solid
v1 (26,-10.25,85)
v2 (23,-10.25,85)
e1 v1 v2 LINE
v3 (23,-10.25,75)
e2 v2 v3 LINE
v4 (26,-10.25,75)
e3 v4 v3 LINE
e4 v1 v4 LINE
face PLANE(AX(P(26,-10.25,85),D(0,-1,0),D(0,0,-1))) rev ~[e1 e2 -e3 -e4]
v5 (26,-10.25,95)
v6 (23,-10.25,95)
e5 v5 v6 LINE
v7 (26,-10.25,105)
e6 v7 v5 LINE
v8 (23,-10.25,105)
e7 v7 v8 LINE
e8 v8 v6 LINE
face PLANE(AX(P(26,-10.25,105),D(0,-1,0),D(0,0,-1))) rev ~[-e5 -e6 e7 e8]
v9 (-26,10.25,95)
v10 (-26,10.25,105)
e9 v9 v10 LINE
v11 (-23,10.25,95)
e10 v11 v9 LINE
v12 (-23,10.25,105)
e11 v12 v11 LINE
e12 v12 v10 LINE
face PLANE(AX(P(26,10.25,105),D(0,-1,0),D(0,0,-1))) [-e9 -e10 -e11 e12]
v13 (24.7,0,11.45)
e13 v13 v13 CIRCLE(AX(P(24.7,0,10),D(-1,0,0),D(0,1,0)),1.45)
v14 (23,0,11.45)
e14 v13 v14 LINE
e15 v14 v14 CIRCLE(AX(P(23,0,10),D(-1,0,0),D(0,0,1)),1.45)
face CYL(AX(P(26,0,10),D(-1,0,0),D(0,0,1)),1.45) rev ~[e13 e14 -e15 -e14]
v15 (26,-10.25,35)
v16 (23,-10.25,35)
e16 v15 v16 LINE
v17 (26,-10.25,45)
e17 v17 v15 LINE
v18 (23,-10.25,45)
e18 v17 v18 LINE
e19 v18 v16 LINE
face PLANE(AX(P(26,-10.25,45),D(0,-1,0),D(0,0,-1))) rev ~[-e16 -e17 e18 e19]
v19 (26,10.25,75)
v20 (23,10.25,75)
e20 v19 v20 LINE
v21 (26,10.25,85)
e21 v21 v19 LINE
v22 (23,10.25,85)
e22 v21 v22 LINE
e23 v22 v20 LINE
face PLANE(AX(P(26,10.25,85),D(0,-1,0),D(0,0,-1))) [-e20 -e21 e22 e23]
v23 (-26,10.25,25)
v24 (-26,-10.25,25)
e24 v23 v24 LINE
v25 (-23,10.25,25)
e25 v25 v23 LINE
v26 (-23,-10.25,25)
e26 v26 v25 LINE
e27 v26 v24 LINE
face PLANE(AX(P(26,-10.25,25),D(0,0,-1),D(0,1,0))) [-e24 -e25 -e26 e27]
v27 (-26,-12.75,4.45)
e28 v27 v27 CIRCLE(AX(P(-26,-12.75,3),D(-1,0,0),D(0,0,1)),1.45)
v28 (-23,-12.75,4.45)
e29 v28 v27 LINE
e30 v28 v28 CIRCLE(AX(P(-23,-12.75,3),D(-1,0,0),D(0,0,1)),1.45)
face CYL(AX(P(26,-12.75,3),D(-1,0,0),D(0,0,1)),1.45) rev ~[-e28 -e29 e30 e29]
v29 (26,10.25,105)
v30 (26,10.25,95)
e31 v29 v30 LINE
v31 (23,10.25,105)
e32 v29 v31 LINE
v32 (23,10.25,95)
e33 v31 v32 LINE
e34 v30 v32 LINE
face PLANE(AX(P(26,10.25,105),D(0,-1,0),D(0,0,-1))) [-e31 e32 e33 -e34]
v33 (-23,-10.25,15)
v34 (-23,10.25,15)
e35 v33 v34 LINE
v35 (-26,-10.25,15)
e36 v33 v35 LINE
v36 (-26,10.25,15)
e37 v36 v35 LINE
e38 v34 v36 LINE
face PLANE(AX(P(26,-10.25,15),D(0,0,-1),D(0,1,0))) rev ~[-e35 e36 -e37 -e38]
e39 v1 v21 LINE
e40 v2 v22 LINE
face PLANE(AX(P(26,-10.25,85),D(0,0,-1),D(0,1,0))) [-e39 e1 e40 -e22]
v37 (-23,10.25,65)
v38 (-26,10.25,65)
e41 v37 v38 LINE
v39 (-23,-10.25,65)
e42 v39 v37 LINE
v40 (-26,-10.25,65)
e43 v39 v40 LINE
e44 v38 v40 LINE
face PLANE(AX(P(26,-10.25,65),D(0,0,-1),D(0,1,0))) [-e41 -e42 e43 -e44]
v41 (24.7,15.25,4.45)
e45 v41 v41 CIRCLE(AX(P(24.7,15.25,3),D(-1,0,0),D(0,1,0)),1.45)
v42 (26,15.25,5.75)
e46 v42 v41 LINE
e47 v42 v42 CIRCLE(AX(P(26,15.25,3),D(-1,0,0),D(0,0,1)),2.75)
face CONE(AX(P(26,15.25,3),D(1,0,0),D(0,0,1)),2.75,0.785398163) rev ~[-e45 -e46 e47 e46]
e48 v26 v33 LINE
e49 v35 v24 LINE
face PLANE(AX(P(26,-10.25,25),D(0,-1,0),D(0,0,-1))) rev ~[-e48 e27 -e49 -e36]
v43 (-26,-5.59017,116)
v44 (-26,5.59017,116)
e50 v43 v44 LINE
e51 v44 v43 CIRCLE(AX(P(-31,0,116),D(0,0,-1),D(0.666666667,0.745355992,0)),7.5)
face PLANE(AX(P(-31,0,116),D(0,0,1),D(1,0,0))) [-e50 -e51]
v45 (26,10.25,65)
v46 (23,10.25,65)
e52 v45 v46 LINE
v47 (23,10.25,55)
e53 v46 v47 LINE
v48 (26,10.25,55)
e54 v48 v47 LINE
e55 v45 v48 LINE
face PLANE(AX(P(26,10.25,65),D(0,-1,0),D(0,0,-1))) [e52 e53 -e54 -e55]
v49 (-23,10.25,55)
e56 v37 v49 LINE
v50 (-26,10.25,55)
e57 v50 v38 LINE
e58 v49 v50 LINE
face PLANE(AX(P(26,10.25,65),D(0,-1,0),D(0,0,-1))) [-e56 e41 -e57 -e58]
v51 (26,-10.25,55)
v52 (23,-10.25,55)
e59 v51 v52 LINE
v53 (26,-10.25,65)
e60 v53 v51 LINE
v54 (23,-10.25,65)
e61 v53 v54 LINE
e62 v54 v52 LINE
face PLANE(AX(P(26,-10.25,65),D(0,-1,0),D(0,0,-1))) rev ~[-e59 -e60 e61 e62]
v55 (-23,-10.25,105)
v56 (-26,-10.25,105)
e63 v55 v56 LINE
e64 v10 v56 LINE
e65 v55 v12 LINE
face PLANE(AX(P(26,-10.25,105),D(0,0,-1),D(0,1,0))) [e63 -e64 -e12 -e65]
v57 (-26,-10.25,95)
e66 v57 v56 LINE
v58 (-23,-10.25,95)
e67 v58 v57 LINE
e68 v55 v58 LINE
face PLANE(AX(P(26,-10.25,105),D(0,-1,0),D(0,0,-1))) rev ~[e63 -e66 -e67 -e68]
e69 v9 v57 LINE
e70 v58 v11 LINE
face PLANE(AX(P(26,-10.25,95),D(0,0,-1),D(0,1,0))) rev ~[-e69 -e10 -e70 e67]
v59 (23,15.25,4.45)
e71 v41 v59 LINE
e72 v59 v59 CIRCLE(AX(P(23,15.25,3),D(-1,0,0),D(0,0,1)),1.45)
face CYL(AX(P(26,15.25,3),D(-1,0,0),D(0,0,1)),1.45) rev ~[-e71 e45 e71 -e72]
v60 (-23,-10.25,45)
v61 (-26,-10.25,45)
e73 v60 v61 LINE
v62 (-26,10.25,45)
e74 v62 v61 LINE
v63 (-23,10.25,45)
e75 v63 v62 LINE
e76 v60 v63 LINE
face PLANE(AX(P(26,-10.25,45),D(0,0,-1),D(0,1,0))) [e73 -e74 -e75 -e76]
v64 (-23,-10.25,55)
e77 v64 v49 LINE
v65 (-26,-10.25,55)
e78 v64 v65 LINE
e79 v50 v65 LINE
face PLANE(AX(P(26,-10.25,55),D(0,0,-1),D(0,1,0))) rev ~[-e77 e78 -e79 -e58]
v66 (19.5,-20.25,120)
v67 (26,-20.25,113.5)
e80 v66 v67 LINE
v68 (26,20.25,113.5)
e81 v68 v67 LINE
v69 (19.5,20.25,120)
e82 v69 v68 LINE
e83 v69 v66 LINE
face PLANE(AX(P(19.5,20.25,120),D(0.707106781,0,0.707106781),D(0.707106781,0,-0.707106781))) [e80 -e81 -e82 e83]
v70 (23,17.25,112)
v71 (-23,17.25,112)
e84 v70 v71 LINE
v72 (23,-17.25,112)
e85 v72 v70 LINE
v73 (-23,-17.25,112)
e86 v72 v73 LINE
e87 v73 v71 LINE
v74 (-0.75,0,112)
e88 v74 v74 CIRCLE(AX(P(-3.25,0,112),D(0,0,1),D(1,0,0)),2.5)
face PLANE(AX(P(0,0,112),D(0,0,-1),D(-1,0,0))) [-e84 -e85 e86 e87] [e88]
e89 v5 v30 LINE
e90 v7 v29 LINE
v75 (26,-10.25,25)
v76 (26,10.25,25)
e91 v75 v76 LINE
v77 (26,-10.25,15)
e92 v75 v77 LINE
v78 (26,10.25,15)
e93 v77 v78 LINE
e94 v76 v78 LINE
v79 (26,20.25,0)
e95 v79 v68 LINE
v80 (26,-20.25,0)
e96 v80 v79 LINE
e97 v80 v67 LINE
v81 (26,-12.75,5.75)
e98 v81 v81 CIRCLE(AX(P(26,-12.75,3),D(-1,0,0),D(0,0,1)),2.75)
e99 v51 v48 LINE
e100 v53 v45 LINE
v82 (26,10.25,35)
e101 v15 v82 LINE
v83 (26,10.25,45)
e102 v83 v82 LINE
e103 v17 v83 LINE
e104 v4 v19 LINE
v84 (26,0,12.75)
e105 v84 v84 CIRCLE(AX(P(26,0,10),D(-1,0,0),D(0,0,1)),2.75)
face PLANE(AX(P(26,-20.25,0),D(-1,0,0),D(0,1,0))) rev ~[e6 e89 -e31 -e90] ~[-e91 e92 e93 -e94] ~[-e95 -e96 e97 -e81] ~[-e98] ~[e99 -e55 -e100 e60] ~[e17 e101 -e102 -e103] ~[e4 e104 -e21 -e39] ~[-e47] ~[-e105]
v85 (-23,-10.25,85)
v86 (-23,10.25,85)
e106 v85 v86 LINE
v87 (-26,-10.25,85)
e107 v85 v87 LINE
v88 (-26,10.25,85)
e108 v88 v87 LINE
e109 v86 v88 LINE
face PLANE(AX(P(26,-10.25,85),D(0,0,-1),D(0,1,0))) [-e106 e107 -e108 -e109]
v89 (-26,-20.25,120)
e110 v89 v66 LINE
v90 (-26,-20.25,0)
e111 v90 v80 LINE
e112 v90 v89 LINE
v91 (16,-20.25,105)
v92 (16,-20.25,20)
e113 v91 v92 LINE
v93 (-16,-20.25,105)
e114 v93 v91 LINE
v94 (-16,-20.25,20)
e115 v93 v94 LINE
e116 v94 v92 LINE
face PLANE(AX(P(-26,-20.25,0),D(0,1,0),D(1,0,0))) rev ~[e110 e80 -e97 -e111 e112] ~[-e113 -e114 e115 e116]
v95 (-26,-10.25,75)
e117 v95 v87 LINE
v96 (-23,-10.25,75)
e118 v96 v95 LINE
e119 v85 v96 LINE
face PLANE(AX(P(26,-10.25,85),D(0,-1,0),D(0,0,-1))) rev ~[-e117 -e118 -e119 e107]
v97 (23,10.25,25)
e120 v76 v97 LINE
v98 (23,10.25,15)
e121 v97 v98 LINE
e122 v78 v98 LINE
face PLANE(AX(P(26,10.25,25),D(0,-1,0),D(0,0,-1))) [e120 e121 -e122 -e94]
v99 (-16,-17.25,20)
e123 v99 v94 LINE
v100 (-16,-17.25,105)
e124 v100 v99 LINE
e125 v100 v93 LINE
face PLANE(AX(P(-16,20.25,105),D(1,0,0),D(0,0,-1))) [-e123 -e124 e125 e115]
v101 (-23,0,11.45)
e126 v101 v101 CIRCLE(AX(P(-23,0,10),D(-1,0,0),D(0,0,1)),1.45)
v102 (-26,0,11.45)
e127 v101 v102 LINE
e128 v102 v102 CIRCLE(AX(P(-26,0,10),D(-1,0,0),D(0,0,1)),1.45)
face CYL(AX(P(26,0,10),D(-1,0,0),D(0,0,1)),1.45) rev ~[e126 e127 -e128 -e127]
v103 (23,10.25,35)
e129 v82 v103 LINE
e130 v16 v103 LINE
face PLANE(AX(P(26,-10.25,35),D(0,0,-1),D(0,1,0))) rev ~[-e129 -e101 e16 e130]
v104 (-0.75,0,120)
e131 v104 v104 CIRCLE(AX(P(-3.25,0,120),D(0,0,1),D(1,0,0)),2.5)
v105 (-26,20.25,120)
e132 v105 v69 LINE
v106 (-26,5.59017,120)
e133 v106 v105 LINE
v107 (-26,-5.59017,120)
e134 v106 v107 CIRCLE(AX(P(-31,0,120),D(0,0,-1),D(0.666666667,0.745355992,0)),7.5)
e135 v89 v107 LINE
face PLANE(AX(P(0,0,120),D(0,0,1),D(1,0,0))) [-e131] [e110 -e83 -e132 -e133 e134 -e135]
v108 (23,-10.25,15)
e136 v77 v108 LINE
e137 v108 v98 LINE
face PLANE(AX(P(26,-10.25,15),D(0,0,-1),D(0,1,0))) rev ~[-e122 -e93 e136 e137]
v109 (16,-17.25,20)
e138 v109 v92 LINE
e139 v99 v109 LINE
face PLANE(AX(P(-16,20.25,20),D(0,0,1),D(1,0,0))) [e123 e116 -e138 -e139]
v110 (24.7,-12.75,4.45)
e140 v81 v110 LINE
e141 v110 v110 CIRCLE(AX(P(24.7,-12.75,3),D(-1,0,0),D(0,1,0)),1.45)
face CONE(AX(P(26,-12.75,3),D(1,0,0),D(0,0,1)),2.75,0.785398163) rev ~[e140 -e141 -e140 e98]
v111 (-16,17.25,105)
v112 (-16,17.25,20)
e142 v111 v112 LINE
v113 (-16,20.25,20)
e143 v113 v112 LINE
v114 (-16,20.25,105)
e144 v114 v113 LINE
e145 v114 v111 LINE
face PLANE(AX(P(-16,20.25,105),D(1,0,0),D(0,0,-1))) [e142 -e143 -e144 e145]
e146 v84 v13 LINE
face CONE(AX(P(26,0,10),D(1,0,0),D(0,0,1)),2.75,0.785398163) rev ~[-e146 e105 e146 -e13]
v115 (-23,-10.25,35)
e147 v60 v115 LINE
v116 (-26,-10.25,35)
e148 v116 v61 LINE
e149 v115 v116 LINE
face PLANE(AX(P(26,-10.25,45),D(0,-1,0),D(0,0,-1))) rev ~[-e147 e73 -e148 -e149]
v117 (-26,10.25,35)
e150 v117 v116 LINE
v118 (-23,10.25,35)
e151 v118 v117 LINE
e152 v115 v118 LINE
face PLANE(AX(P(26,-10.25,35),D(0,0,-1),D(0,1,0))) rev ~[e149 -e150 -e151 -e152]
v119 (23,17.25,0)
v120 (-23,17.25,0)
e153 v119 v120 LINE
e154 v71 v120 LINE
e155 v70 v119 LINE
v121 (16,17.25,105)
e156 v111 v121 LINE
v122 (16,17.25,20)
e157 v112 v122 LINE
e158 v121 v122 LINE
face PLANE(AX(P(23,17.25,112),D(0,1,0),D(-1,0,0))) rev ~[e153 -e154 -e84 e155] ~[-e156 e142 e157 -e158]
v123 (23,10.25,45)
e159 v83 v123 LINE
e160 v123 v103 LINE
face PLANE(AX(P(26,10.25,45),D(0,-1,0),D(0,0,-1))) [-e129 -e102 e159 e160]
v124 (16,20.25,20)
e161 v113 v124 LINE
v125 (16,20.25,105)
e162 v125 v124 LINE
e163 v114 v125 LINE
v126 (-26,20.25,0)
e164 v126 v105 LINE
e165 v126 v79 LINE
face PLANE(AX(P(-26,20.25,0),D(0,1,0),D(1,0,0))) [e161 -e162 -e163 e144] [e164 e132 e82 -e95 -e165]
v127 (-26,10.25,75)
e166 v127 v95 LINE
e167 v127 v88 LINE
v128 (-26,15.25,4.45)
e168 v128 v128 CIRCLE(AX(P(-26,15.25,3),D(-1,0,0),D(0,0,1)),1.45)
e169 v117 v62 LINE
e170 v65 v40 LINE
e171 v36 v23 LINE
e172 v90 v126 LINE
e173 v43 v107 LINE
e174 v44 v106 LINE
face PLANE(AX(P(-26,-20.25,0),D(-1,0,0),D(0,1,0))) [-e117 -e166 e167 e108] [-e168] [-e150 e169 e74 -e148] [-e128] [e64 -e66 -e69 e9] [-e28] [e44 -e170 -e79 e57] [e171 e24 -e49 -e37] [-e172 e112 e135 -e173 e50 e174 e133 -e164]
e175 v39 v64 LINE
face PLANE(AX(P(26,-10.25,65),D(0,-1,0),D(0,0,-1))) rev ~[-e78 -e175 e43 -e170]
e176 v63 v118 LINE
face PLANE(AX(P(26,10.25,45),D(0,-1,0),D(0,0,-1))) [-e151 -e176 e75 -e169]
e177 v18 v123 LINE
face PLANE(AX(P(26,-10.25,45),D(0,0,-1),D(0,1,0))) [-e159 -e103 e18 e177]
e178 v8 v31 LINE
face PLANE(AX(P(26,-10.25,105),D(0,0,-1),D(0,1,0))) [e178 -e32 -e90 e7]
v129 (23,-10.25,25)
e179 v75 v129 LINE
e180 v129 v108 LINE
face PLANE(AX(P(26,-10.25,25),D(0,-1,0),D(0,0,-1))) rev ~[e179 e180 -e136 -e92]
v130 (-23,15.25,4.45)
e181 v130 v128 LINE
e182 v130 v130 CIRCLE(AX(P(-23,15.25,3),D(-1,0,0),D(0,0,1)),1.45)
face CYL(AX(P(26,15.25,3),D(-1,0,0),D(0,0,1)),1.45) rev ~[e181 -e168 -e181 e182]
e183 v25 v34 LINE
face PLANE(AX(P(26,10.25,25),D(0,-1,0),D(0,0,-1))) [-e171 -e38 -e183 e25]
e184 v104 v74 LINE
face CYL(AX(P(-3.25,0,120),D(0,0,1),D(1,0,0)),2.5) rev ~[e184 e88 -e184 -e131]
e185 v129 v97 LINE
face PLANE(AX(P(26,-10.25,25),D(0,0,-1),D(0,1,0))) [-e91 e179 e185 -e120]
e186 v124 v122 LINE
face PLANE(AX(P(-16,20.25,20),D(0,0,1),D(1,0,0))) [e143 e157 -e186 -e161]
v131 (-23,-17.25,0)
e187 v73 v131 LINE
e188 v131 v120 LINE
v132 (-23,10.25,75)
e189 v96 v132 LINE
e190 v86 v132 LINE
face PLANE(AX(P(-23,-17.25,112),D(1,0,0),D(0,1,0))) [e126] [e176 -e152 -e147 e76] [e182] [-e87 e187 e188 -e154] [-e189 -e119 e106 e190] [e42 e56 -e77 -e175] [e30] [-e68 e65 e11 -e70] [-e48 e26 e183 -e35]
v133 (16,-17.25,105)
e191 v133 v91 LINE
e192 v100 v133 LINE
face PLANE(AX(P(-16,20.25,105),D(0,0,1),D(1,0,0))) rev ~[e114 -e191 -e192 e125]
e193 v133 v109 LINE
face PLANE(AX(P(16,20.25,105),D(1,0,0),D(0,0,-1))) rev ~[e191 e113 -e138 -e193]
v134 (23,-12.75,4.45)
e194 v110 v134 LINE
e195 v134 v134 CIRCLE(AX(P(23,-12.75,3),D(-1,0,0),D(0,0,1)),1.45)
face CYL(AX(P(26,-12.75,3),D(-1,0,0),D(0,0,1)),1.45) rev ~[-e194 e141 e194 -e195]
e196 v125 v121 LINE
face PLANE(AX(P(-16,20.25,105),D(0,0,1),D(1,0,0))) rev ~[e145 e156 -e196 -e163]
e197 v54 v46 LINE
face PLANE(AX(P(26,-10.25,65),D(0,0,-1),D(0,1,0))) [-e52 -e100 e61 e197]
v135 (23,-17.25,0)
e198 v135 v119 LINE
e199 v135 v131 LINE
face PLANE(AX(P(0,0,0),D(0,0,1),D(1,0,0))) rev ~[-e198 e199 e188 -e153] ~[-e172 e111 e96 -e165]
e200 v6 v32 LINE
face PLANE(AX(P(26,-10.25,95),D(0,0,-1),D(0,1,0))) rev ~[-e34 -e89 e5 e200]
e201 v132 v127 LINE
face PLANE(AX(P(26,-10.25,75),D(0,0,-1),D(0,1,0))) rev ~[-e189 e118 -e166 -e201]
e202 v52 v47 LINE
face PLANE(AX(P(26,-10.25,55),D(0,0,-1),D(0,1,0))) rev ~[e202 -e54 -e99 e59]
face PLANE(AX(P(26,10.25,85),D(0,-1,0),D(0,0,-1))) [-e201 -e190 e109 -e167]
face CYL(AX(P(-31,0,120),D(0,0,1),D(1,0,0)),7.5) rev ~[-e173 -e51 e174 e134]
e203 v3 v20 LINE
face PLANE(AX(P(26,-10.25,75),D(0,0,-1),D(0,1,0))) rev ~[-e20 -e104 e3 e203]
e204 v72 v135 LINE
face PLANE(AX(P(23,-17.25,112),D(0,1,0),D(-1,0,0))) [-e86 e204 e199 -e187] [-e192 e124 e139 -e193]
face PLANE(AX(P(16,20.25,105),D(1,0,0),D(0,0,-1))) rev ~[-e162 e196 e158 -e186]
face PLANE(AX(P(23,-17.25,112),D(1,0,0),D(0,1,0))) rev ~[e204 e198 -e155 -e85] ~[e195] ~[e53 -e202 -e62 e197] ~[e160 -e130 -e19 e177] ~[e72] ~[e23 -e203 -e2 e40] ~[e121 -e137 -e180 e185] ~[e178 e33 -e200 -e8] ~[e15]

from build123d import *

# Parameters (mm, degrees)
MAIN_SKETCH_W                                    = 52
MAIN_SKETCH_H                                    = 40.5
MAIN_EXTRUSION_DEPTH                             = 120
MAIN_HOLE_START                                  = -112
MAIN_HOLE_SKETCH_W                               = 46
MAIN_HOLE_SKETCH_H                               = 34.5
MAIN_HOLE_DEPTH                                  = 112
FRAISAGE_POUR_VIS_T_TE_FRAIS_E_M2_51_D           = 2.9
FRAISAGE_POUR_VIS_T_TE_FRAIS_E_M2_51_CSINK_D     = 5.5
FRAISAGE_POUR_VIS_T_TE_FRAIS_E_M2_51_CSINK_ANGLE = 90
ESQUISSE6_W                                      = 10
ESQUISSE6_H                                      = 20.5
ENL_V_MAT_EXTRU_3_DEPTH                          = 133.340706134
ESQUISSE7_W                                      = 32
ESQUISSE7_H                                      = 85
ENL_V_MAT_EXTRU_4_DEPTH                          = 130.291337684
R_P_TITION_LIN_AIRE1_COUNT                       = 5
R_P_TITION_LIN_AIRE1_PITCH                       = 20
ENL_V_MAT_EXTRU_5_DEPTH                          = 130.291337684
ESQUISSE10_R                                     = 7.5
ENL_V_MAT_EXTRU_7_DEPTH                          = 4
FRAISAGE_POUR_VIS_T_TE_FRAIS_E_M2_52_D           = 2.9
FRAISAGE_POUR_VIS_T_TE_FRAIS_E_M2_52_CSINK_D     = 5.5
FRAISAGE_POUR_VIS_T_TE_FRAIS_E_M2_52_CSINK_ANGLE = 90
R_P_TITION_LIN_AIRE3_COUNT                       = 2
R_P_TITION_LIN_AIRE3_PITCH                       = 28
ENL_V_MAT_EXTRU_8_REACH                          = 126.443
ESQUISSE13_R                                     = 2.5


with BuildPart() as part:
    # Main-Sketch → Main-Extrusion (new body)
    with BuildSketch(Plane.XY):
        Rectangle(MAIN_SKETCH_W, MAIN_SKETCH_H)
    extrude(amount=MAIN_EXTRUSION_DEPTH)

    # Main-Hole-Sketch → Main-Hole (cut)
    with BuildSketch(Plane(origin=(0, 0, 0), x_dir=(-1, 0, 0), z_dir=(0, 0, -1)).offset(MAIN_HOLE_START)):
        Rectangle(MAIN_HOLE_SKETCH_W, MAIN_HOLE_SKETCH_H)
    extrude(amount=MAIN_HOLE_DEPTH, mode=Mode.SUBTRACT)

    # Fraisage pour vis à tête fraisée M2.51 (through all)
    with Locations(Plane(origin=(26, 0, 0), x_dir=(0, 0, -1), z_dir=(1, 0, 0))):
        with Locations((-10, 0)):
            CounterSinkHole(FRAISAGE_POUR_VIS_T_TE_FRAIS_E_M2_51_D / 2, FRAISAGE_POUR_VIS_T_TE_FRAIS_E_M2_51_CSINK_D / 2, counter_sink_angle=FRAISAGE_POUR_VIS_T_TE_FRAIS_E_M2_51_CSINK_ANGLE)

    # Esquisse6 → Enlèv. mat.-Extru.3 (cut, through all)
    with BuildSketch(Plane(origin=(26, 0, 0), x_dir=(0, 0, -1), z_dir=(1, 0, 0))):
        with Locations((-100, 0)):
            Rectangle(ESQUISSE6_W, ESQUISSE6_H)
    enl_v_mat_extru_3 = extrude(amount=-ENL_V_MAT_EXTRU_3_DEPTH, mode=Mode.SUBTRACT)

    # Esquisse7 → Enlèv. mat.-Extru.4 (cut, through all)
    with BuildSketch(Plane(origin=(0, 20.25, 0), x_dir=(1, 0, 0), z_dir=(0, 1, 0))):
        with Locations((0, -62.5)):
            Rectangle(ESQUISSE7_W, ESQUISSE7_H)
    extrude(amount=-ENL_V_MAT_EXTRU_4_DEPTH, mode=Mode.SUBTRACT)

    # Répétition linéaire1: Enlèv. mat.-Extru.3 ×5
    with Locations(*[(0, 0, -i * R_P_TITION_LIN_AIRE1_PITCH) for i in range(1, R_P_TITION_LIN_AIRE1_COUNT)]):
        add(enl_v_mat_extru_3, mode=Mode.SUBTRACT)

    # Esquisse8 → Enlèv. mat.-Extru.5 (cut, through all)
    with BuildSketch(Plane(origin=(0, 20.25, 0), x_dir=(-1, 0, 0), z_dir=(0, 1, 0))):
        Polygon((-19.5, 120), (-26, 113.5), (-26, 120), align=None)
    extrude(amount=-ENL_V_MAT_EXTRU_5_DEPTH, mode=Mode.SUBTRACT)

    # Esquisse10 → Enlèv. mat.-Extru.7 (cut)
    with BuildSketch(Plane.XY.offset(120)):
        with Locations((-31, 0)):
            Circle(ESQUISSE10_R)
    extrude(amount=-ENL_V_MAT_EXTRU_7_DEPTH, mode=Mode.SUBTRACT)

    # Fraisage pour vis à tête fraisée M2.52 (through all)
    with Locations(Plane(origin=(26, 0, 0), x_dir=(0, 0, -1), z_dir=(1, 0, 0))):
        with Locations((-3, 15.25)):
            fraisage_pour_vis_t_te_frais_e_m2_52 = CounterSinkHole(FRAISAGE_POUR_VIS_T_TE_FRAIS_E_M2_52_D / 2, FRAISAGE_POUR_VIS_T_TE_FRAIS_E_M2_52_CSINK_D / 2, counter_sink_angle=FRAISAGE_POUR_VIS_T_TE_FRAIS_E_M2_52_CSINK_ANGLE)

    # Répétition linéaire3: Fraisage pour vis à tête fraisée M2.52 ×2
    with Locations(*[(0, -i * R_P_TITION_LIN_AIRE3_PITCH, 0) for i in range(1, R_P_TITION_LIN_AIRE3_COUNT)]):
        add(fraisage_pour_vis_t_te_frais_e_m2_52, mode=Mode.SUBTRACT)

    # Esquisse13 → Enlèv. mat.-Extru.8 (cut, up to next)
    with BuildSketch(Plane.XY.offset(120), mode=Mode.PRIVATE) as enl_v_mat_extru_8_sk1:
        with Locations((-3.25, 0)):
            Circle(ESQUISSE13_R)
    enl_v_mat_extru_8_tool1 = extrude(enl_v_mat_extru_8_sk1.sketch, amount=-ENL_V_MAT_EXTRU_8_REACH, mode=Mode.PRIVATE) & part.part
    add(enl_v_mat_extru_8_tool1.solids().sort_by_distance((-3.25, 0, 120))[0], mode=Mode.SUBTRACT)


solid = part.part
